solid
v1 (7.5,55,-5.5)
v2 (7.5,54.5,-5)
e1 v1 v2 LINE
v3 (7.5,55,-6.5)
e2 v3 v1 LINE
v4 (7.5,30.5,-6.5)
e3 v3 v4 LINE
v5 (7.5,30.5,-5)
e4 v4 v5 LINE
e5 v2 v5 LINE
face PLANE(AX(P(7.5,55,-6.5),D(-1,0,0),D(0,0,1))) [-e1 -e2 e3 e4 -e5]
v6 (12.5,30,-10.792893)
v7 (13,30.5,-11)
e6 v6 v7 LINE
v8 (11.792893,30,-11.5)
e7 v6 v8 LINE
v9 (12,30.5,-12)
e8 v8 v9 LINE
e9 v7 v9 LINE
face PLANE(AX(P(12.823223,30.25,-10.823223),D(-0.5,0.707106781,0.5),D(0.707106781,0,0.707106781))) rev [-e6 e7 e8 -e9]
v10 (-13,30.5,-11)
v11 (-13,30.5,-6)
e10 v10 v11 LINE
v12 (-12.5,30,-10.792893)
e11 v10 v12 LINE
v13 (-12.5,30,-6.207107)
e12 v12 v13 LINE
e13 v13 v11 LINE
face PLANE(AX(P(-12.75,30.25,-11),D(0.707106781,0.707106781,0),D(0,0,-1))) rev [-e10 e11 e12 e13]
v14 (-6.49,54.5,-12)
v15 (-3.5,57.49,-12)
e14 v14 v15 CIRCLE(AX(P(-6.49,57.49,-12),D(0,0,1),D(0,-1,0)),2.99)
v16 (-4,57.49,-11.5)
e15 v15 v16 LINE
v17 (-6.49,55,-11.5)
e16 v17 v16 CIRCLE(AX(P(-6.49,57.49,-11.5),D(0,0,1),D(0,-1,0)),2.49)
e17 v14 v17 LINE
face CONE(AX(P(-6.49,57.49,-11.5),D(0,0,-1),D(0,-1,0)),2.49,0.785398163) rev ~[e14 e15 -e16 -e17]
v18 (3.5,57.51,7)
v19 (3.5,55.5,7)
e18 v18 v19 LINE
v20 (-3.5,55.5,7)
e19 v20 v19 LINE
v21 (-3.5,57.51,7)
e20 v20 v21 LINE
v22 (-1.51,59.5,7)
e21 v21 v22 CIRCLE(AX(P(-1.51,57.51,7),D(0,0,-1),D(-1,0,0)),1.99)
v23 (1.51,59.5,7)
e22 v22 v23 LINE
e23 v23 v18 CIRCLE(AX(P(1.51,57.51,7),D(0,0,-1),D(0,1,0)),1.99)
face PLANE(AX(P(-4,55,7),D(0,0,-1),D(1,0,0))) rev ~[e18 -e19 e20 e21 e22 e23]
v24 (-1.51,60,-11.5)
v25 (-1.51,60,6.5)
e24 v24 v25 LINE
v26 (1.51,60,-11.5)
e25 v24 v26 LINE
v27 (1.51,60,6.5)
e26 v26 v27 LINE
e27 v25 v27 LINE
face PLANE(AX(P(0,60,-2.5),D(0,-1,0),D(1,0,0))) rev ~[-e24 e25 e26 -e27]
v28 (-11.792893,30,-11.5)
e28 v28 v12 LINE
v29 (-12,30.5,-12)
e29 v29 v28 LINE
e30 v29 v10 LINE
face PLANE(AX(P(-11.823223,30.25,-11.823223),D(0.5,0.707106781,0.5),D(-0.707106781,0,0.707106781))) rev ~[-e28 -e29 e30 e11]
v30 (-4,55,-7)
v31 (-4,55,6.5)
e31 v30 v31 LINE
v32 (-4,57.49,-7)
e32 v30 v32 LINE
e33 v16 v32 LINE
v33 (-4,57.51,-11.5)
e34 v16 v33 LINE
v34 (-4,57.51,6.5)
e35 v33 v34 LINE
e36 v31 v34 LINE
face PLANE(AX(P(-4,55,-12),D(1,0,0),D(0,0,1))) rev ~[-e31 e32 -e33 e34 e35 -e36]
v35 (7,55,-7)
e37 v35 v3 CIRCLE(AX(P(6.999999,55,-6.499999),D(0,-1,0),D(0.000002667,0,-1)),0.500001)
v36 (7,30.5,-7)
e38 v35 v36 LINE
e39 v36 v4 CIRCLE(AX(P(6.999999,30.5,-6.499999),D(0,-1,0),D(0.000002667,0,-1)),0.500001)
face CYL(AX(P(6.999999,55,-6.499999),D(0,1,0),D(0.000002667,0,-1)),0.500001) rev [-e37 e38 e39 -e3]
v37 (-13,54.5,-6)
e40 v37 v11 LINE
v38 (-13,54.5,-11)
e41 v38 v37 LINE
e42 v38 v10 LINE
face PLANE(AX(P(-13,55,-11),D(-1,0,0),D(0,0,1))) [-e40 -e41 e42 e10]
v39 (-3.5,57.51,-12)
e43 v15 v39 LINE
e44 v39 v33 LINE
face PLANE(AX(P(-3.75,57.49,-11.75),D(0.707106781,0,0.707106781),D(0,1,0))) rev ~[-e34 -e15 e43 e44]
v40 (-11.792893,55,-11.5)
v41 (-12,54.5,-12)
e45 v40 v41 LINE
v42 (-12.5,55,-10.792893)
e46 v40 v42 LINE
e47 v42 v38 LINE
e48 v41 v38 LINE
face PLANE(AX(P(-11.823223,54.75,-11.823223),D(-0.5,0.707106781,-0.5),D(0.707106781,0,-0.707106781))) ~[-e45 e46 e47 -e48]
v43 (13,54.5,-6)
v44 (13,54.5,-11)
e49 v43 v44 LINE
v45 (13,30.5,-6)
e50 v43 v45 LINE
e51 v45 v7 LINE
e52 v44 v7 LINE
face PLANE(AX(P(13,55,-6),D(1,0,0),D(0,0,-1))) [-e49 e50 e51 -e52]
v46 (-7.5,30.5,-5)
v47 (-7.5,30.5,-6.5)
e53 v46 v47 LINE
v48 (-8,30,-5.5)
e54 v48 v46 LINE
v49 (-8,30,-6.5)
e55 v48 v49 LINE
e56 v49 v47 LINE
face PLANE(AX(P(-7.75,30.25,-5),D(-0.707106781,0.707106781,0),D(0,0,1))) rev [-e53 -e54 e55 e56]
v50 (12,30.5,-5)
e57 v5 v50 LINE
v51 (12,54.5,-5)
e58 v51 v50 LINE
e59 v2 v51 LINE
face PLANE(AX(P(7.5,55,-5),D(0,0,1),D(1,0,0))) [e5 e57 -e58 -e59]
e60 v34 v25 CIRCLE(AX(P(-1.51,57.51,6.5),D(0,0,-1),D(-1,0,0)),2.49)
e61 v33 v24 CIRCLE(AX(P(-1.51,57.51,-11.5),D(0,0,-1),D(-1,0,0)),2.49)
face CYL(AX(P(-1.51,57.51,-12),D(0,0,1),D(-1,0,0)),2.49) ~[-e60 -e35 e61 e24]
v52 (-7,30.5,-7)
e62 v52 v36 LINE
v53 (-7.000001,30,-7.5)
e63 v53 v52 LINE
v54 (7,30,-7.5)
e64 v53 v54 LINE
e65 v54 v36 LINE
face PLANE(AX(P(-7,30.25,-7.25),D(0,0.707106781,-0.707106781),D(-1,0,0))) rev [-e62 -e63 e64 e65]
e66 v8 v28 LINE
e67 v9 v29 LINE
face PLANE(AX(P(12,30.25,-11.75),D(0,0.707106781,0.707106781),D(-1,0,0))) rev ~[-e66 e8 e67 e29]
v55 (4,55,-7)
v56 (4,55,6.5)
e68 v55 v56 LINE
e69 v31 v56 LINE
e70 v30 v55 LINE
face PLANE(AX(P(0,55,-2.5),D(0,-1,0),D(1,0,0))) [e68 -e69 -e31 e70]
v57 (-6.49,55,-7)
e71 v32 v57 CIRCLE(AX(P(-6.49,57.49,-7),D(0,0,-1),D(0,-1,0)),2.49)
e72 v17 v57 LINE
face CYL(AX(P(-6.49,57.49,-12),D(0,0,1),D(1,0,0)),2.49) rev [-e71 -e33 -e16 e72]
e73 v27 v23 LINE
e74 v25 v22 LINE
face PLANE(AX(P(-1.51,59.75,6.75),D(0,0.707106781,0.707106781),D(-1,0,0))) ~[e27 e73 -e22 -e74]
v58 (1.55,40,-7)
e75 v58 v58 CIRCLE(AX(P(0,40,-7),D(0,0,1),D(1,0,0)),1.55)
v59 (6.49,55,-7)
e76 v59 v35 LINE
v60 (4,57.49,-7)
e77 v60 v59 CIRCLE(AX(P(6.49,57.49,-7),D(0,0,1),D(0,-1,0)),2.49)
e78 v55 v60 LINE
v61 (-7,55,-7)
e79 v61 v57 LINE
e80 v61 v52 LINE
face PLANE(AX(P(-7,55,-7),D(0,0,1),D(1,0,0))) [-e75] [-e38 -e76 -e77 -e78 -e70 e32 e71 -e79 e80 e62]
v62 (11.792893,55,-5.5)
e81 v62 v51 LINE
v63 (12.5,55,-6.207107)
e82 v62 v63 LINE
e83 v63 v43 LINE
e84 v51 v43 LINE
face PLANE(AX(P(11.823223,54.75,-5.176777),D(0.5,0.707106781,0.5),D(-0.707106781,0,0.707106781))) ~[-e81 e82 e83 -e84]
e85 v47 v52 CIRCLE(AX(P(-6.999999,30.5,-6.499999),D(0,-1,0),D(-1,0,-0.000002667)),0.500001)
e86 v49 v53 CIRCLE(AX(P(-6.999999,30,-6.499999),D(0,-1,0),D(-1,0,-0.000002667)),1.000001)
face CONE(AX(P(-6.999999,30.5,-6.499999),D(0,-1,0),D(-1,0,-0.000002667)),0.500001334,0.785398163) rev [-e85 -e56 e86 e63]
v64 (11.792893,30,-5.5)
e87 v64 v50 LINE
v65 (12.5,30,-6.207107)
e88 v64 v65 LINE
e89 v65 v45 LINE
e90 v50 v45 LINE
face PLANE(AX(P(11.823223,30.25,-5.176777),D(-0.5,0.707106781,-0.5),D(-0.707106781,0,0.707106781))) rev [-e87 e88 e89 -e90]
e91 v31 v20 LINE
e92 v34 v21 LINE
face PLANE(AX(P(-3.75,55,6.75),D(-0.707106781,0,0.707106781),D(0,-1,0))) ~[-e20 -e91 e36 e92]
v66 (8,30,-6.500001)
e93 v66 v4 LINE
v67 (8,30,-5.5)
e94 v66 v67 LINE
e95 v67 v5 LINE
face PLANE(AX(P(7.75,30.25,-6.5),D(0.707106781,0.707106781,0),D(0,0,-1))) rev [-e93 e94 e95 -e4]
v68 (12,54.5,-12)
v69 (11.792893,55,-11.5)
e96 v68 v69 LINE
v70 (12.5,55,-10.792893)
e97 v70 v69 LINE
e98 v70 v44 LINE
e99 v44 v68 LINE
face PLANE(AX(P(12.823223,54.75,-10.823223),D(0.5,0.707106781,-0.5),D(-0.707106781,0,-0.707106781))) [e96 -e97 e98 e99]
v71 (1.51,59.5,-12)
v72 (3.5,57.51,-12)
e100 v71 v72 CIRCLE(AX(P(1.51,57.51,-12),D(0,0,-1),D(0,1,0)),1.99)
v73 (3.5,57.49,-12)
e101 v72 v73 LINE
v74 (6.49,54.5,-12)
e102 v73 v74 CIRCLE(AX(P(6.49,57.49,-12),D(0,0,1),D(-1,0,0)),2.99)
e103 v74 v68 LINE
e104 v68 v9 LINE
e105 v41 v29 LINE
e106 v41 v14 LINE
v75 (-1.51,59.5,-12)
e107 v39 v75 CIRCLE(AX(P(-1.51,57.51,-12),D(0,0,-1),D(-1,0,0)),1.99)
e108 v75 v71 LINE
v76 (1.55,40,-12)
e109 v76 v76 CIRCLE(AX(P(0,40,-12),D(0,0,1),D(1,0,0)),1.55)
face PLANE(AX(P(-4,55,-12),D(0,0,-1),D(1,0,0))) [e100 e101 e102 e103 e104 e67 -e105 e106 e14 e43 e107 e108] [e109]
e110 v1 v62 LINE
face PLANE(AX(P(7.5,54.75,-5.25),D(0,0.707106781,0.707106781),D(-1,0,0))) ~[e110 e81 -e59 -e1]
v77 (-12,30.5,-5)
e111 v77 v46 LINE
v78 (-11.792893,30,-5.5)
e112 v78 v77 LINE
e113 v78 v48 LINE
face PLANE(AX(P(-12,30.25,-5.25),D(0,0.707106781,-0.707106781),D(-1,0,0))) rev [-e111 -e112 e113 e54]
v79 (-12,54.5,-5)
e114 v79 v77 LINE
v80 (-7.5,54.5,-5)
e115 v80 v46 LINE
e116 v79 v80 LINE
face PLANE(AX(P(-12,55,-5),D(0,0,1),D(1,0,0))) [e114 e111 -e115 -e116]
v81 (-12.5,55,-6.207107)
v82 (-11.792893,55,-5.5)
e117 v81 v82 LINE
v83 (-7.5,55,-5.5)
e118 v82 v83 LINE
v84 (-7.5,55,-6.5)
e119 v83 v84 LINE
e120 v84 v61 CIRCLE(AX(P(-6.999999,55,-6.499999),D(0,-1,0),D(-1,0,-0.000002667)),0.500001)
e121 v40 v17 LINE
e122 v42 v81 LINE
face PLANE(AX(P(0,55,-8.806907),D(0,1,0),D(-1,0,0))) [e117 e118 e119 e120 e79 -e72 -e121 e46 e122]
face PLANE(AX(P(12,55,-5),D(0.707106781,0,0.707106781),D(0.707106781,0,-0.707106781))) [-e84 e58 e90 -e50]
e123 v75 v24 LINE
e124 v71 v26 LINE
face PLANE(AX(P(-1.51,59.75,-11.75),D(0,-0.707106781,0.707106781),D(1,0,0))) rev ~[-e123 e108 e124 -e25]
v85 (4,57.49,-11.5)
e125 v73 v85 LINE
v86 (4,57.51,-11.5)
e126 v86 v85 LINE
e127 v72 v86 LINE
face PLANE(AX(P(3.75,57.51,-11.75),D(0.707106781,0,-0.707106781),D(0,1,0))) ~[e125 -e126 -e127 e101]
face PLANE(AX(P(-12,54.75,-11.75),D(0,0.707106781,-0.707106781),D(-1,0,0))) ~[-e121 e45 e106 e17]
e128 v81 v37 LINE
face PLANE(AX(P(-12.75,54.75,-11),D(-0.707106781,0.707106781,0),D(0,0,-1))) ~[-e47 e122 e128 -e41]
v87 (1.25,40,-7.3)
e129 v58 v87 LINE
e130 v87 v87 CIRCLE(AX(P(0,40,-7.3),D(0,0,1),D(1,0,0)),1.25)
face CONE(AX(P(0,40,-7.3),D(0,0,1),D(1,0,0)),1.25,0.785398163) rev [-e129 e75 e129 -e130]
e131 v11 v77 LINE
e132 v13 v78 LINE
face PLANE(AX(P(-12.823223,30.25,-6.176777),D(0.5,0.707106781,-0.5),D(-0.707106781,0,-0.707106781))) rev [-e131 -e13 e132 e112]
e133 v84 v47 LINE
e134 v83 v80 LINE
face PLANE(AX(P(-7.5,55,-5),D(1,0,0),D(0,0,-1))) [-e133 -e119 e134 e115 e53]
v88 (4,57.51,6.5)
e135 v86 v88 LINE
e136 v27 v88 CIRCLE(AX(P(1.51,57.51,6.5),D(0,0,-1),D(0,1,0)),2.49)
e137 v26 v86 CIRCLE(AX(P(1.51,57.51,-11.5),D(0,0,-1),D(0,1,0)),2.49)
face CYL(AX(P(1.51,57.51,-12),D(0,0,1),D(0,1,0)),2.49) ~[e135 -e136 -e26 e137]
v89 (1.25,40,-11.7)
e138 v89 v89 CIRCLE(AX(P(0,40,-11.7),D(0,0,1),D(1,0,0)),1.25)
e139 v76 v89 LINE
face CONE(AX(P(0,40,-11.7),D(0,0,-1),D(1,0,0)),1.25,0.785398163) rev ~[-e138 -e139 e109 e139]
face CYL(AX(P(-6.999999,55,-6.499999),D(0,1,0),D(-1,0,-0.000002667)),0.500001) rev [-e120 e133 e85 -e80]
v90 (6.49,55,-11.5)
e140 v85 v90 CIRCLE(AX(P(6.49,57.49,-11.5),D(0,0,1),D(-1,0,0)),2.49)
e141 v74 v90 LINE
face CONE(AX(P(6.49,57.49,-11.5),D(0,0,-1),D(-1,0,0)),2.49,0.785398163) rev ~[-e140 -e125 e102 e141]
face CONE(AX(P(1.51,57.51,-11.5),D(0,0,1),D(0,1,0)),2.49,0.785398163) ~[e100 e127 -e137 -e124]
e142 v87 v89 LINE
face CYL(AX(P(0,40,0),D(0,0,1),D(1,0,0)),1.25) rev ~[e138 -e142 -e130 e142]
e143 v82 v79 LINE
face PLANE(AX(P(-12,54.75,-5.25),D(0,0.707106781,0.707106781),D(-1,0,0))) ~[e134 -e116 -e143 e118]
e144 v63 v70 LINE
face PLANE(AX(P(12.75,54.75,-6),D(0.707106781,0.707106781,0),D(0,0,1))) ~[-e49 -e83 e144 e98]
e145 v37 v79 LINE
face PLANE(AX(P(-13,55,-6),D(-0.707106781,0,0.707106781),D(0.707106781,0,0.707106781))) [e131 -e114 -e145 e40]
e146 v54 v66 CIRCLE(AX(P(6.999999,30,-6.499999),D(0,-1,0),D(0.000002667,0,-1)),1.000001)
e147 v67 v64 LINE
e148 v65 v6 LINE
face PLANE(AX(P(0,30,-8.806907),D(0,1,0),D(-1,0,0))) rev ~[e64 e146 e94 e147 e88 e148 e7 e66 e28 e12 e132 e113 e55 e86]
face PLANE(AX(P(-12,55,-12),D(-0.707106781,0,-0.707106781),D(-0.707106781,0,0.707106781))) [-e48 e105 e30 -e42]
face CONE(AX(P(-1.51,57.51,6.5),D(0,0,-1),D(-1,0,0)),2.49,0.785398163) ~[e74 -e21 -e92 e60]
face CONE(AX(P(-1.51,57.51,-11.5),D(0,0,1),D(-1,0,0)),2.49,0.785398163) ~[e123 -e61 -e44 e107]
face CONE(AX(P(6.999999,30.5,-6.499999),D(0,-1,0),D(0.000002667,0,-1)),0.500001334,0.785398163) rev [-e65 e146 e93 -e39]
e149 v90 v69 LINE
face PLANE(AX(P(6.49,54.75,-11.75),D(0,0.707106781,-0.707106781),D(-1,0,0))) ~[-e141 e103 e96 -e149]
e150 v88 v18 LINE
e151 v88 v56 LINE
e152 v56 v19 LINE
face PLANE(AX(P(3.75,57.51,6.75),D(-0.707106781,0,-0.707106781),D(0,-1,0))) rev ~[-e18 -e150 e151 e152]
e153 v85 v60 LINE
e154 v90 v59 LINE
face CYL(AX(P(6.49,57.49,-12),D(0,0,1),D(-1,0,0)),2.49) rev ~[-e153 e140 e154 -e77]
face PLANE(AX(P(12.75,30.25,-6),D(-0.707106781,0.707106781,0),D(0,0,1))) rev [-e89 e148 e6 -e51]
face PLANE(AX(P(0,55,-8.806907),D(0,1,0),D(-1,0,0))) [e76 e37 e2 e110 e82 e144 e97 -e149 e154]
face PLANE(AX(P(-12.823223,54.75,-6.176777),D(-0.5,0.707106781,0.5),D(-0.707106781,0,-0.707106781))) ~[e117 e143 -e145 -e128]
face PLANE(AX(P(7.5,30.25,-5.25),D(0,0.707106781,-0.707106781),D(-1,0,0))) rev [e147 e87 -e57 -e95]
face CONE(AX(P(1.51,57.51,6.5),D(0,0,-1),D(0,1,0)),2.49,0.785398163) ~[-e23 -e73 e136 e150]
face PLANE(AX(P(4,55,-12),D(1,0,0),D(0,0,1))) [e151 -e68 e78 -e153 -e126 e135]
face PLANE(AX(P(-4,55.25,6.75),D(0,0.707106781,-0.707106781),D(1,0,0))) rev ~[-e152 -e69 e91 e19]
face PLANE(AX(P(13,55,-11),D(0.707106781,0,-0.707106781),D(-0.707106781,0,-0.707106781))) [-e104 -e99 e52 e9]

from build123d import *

# Parameters (mm, degrees)
PAD004_DEPTH    = 25
SKETCH032_W     = 8
SKETCH032_H     = 19
PAD005_DEPTH    = 5
SKETCH033_R     = 1.25
POCKET006_DEPTH = 12.001
FILLET_R        = 2.49
CHAMFER009_SIZE = 0.3
CHAMFER010_SIZE = 0.5


with BuildPart() as part:
    # Sketch031 → Pad004 (new body)
    with BuildSketch(Plane.XZ):
        with BuildLine():
            Line((-7.5, -5), (-7.5, -6.5))
            ThreePointArc((-7.5, -6.5), (-7.353553, -6.853553), (-7, -7))
            Line((-7, -7), (7, -7))
            ThreePointArc((7, -7), (7.353553, -6.853553), (7.5, -6.5))
            Line((7.5, -6.5), (7.5, -5))
            Line((7.5, -5), (12, -5))
            Line((12, -5), (13, -6))
            Line((13, -6), (13, -11))
            Line((13, -11), (12, -12))
            Line((12, -12), (-12, -12))
            Line((-12, -12), (-13, -11))
            Line((-13, -11), (-13, -6))
            Line((-13, -6), (-12, -5))
            Line((-12, -5), (-7.5, -5))
        make_face()
    extrude(amount=PAD004_DEPTH)

    # Sketch032 → Pad005 (join)
    with BuildSketch(Plane.XZ):
        with Locations((0, -2.5)):
            Rectangle(SKETCH032_W, SKETCH032_H)
    extrude(amount=-PAD005_DEPTH)

    # Sketch033 → Pocket006 (cut, through all)
    with BuildSketch(Plane.XY):
        with Locations((0, -15)):
            Circle(SKETCH033_R)
    extrude(amount=-POCKET006_DEPTH, mode=Mode.SUBTRACT)

    # Fillet
    fillet_edges = [part.edges().sort_by_distance(p)[0] for p in [
        (4, 0, -9.5),
        (-4, 0, -9.5),
        (-4, 5, -2.5),
        (4, 5, -2.5),
    ]]
    fillet(fillet_edges, radius=FILLET_R)

    # Chamfer009
    chamfer009_edges = [part.edges().sort_by_distance(p)[0] for p in [
        (-1.25, -15, -7),
        (-1.25, -15, -12),
    ]]
    chamfer(chamfer009_edges, length=CHAMFER009_SIZE)

    # Chamfer010
    chamfer010_edges = [part.edges().sort_by_distance(p)[0] for p in [
        (-7.5, -25, -5.75),
        (-7.353553, -25, -6.853553),
        (0, -25, -7),
        (7.353553, -25, -6.853553),
        (7.5, -25, -5.75),
        (9.75, -25, -5),
        (12.5, -25, -5.5),
        (13, -25, -8.5),
        (12.5, -25, -11.5),
        (0, -25, -12),
        (-12.5, -25, -11.5),
        (-13, -25, -8.5),
        (-12.5, -25, -5.5),
        (-9.75, -25, -5),
        (-4, 1.255, 7),
        (-3.270696, 4.270696, 7),
        (0, 0, 7),
        (0, 5, 7),
        (4, 1.255, 7),
        (3.270696, 4.270696, 7),
        (13, 0, -8.5),
        (12.5, 0, -5.5),
        (12.5, 0, -11.5),
        (9.75, 0, -5),
        (-9.75, 0, -5),
        (-12.5, 0, -5.5),
        (-13, 0, -8.5),
        (-12.5, 0, -11.5),
        (0, 5, -12),
    ]]
    chamfer(chamfer010_edges, length=CHAMFER010_SIZE)


with BuildPart() as part_1:
    # Body007 placement: moved
    add(part.part.moved(Location((0, 55, 0))))


solid = part_1.part
